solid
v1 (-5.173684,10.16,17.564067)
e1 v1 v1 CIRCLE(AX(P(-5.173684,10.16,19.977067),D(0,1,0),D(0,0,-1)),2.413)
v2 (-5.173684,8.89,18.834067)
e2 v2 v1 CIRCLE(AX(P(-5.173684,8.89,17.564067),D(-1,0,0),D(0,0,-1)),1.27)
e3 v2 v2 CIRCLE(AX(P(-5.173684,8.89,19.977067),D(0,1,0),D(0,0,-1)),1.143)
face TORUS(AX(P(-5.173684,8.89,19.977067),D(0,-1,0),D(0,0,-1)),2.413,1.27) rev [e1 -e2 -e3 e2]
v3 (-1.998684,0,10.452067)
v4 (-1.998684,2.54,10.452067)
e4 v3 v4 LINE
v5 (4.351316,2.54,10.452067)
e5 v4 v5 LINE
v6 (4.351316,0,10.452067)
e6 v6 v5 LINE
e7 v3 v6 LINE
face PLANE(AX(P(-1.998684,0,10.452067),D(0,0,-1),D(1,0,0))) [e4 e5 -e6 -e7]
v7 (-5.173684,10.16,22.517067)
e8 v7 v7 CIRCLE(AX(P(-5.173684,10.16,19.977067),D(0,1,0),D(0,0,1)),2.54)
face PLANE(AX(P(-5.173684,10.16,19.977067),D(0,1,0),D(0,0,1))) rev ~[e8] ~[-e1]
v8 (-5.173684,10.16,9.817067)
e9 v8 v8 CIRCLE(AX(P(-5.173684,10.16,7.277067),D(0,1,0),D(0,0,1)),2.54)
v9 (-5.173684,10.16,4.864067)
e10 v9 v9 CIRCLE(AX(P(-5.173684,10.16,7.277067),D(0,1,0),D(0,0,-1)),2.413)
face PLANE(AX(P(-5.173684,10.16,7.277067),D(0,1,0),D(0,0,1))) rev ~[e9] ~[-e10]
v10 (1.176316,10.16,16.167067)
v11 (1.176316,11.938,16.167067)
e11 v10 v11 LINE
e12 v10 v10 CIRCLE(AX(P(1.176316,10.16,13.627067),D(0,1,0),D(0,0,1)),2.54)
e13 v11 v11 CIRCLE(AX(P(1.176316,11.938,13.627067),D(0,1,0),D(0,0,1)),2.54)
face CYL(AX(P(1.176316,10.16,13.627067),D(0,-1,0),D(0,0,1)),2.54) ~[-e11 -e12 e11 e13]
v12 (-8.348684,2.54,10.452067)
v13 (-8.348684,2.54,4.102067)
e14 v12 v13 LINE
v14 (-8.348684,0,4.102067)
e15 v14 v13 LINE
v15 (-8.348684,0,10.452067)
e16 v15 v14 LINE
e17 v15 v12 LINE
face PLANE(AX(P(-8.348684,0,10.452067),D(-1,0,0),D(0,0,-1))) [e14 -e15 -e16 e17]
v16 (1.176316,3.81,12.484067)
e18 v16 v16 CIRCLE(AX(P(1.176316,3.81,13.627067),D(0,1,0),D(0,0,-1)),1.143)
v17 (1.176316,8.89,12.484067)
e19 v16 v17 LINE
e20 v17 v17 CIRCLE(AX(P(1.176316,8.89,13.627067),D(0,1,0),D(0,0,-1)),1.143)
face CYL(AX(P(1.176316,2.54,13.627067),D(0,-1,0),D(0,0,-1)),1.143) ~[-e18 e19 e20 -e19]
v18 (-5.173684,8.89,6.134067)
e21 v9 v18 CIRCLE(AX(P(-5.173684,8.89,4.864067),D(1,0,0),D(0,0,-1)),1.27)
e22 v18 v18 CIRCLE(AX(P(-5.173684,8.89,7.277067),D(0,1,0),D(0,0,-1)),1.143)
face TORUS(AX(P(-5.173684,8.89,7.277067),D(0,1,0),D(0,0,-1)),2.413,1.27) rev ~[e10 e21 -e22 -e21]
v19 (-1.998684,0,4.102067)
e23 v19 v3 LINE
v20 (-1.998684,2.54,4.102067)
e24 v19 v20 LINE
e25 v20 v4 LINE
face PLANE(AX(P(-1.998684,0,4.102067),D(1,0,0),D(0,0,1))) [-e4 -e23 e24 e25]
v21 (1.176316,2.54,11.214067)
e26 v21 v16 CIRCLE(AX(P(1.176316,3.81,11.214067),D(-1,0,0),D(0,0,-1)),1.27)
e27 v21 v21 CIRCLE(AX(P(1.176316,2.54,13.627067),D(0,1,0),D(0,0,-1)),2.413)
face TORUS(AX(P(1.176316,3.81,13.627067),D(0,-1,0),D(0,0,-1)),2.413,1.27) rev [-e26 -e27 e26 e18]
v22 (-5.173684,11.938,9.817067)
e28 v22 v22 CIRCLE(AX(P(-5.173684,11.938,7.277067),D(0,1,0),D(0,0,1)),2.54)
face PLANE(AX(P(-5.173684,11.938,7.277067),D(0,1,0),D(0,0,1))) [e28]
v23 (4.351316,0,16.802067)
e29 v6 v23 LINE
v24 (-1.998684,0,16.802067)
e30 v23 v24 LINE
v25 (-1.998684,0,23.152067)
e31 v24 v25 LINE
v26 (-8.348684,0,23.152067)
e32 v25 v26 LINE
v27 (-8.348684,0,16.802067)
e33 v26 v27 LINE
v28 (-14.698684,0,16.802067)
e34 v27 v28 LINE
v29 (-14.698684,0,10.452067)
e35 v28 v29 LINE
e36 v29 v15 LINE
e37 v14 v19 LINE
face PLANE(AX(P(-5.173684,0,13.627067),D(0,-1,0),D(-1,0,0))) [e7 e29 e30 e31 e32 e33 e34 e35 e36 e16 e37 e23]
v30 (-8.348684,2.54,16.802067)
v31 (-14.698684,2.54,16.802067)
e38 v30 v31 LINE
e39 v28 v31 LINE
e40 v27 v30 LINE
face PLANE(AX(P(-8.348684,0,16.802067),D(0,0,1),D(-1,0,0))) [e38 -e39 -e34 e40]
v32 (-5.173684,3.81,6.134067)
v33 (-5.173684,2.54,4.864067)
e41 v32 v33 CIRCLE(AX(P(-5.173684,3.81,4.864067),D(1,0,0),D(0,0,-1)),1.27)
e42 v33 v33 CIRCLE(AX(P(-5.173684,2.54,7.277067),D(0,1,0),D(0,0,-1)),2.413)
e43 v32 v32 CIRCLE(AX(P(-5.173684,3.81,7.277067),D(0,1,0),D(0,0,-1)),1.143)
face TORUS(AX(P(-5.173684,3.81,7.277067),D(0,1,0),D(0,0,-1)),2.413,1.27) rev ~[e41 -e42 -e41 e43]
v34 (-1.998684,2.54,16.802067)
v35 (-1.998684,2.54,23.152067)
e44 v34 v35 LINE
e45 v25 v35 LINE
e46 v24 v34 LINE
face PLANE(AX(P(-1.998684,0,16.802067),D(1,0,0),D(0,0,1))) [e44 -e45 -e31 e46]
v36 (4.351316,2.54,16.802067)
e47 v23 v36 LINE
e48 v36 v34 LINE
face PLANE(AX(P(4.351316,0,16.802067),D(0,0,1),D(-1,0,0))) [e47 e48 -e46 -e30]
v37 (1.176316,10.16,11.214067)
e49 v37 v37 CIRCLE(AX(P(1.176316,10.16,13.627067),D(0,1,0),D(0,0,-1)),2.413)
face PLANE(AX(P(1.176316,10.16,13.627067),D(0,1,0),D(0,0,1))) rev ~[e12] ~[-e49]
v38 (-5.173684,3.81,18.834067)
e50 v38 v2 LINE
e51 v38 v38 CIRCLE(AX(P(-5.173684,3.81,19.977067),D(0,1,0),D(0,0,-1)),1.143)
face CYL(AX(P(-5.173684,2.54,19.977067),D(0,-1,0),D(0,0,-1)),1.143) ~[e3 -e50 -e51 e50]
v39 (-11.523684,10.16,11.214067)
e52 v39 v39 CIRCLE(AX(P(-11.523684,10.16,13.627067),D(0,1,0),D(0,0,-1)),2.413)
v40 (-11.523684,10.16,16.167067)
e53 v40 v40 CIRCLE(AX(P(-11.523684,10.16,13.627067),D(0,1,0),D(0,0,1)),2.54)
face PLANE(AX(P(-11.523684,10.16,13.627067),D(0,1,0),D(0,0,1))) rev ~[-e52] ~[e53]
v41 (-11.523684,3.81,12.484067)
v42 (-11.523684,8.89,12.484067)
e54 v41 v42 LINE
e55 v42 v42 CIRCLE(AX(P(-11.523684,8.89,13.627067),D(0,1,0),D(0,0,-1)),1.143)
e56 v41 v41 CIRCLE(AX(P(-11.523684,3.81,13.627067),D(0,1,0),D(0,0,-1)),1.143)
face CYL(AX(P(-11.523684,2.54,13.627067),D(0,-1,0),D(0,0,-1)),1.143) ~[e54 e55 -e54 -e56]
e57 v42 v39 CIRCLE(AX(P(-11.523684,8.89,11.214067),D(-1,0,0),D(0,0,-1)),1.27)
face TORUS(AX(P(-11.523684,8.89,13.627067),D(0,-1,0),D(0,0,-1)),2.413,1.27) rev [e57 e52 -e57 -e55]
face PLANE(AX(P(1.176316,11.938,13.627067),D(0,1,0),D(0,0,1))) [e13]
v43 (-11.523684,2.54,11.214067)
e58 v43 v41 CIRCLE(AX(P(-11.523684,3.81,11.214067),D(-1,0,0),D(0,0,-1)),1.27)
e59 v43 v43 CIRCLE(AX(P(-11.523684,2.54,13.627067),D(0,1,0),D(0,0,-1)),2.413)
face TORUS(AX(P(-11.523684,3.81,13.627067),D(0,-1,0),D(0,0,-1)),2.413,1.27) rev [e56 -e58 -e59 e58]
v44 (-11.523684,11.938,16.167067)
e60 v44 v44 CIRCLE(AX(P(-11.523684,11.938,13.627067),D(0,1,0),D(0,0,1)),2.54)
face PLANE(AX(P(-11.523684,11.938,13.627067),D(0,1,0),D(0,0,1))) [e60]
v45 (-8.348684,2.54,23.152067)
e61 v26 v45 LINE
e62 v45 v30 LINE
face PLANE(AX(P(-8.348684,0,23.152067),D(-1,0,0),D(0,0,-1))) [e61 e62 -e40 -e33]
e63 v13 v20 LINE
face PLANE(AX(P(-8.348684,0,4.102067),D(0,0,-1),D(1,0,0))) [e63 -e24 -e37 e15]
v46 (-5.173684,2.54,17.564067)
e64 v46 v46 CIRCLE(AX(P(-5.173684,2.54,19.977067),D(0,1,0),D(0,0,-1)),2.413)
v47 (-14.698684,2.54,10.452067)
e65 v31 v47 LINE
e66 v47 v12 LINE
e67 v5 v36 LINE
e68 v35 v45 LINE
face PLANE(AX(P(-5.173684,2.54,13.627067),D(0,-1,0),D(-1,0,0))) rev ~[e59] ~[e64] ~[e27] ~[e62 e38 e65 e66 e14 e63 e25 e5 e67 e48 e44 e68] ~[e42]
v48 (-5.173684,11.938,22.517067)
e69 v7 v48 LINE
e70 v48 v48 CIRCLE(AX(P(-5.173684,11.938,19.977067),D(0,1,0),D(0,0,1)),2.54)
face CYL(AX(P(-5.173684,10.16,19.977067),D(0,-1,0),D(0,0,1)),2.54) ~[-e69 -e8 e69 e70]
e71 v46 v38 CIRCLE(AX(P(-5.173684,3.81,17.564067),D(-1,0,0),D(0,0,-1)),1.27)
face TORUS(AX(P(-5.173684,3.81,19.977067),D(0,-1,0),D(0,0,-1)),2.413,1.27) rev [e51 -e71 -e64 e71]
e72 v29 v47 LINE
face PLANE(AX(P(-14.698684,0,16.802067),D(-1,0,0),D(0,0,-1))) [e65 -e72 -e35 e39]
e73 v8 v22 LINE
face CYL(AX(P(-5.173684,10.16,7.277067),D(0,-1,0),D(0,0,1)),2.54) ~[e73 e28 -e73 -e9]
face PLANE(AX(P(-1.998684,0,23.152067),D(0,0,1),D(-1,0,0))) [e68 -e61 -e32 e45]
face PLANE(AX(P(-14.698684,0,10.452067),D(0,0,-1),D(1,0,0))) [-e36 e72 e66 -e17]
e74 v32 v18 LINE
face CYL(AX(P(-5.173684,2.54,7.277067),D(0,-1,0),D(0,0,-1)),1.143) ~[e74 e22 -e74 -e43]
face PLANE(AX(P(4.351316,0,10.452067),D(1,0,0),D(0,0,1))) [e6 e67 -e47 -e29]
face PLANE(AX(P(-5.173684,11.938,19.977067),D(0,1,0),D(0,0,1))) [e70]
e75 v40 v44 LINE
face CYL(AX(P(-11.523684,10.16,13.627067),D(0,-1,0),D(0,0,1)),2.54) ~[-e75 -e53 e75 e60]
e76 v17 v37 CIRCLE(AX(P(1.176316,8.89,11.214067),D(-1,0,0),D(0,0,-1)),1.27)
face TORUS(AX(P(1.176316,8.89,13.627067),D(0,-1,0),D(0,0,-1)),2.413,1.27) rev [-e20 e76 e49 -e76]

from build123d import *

# Parameters (mm, degrees)
BODY_DEPTH  = 2.54
SKETCH2_R   = 1.143
FLAG_DEPTH  = 7.62
SKETCH3_R   = 2.54
FEET_DEPTH  = 1.778
ROUNDNESS_R = 1.27


with BuildPart() as part:
    # Sketch1 → body (new body)
    with BuildSketch(Plane(origin=(0, 0, 0), x_dir=(1, 0, 0), z_dir=(0, 1, 0))):
        Polygon((-8.348684361, -10.452067183), (-8.348684361, -4.102067183), (-1.998684361, -4.102067183), (-1.998684361, -10.452067183), (4.351315639, -10.452067183), (4.351315639, -16.802067183), (-1.998684361, -16.802067183), (-1.998684361, -23.152067183), (-8.348684361, -23.152067183), (-8.348684361, -16.802067183), (-14.698684361, -16.802067183), (-14.698684361, -10.452067183), align=None)
    extrude(amount=BODY_DEPTH)

    # Sketch2 → flag (add)
    with BuildSketch(Plane(origin=(0, 2.54, 0), x_dir=(1, 0, 0), z_dir=(0, 1, 0))):
        with Locations(Location((-5.173684361, -7.277067183, 0), (0, 0, 90))):
            Circle(SKETCH2_R)
        with Locations(Location((1.176315639, -13.627067183, 0), (0, 0, 90))):
            Circle(SKETCH2_R)
        with Locations(Location((-5.173684361, -19.977067183, 0), (0, 0, 90))):
            Circle(SKETCH2_R)
        with Locations(Location((-11.523684361, -13.627067183, 0), (0, 0, 90))):
            Circle(SKETCH2_R)
    extrude(amount=FLAG_DEPTH)

    # Sketch3 → feet (add)
    with BuildSketch(Plane(origin=(0, 10.16, 0), x_dir=(1, 0, 0), z_dir=(0, 1, 0))):
        with Locations(Location((-5.173684361, -7.277067183, 0), (0, 0, 270))):
            Circle(SKETCH3_R)
        with Locations(Location((-11.523684361, -13.627067183, 0), (0, 0, 270))):
            Circle(SKETCH3_R)
        with Locations(Location((-5.173684361, -19.977067183, 0), (0, 0, 270))):
            Circle(SKETCH3_R)
        with Locations(Location((1.176315639, -13.627067183, 0), (0, 0, 270))):
            Circle(SKETCH3_R)
    extrude(amount=FEET_DEPTH)

    # roundness
    roundness_edges = [part.edges().sort_by_distance(p)[0] for p in [
        (-5.173684361, 2.54, 8.420067183),
        (-5.173684361, 10.16, 8.420067183),
        (1.176315639, 2.54, 14.770067183),
        (1.176315639, 10.16, 14.770067183),
        (-5.173684361, 2.54, 21.120067183),
        (-5.173684361, 10.16, 21.120067183),
        (-11.523684361, 2.54, 14.770067183),
        (-11.523684361, 10.16, 14.770067183),
    ]]
    fillet(roundness_edges, radius=ROUNDNESS_R)


solid = part.part
